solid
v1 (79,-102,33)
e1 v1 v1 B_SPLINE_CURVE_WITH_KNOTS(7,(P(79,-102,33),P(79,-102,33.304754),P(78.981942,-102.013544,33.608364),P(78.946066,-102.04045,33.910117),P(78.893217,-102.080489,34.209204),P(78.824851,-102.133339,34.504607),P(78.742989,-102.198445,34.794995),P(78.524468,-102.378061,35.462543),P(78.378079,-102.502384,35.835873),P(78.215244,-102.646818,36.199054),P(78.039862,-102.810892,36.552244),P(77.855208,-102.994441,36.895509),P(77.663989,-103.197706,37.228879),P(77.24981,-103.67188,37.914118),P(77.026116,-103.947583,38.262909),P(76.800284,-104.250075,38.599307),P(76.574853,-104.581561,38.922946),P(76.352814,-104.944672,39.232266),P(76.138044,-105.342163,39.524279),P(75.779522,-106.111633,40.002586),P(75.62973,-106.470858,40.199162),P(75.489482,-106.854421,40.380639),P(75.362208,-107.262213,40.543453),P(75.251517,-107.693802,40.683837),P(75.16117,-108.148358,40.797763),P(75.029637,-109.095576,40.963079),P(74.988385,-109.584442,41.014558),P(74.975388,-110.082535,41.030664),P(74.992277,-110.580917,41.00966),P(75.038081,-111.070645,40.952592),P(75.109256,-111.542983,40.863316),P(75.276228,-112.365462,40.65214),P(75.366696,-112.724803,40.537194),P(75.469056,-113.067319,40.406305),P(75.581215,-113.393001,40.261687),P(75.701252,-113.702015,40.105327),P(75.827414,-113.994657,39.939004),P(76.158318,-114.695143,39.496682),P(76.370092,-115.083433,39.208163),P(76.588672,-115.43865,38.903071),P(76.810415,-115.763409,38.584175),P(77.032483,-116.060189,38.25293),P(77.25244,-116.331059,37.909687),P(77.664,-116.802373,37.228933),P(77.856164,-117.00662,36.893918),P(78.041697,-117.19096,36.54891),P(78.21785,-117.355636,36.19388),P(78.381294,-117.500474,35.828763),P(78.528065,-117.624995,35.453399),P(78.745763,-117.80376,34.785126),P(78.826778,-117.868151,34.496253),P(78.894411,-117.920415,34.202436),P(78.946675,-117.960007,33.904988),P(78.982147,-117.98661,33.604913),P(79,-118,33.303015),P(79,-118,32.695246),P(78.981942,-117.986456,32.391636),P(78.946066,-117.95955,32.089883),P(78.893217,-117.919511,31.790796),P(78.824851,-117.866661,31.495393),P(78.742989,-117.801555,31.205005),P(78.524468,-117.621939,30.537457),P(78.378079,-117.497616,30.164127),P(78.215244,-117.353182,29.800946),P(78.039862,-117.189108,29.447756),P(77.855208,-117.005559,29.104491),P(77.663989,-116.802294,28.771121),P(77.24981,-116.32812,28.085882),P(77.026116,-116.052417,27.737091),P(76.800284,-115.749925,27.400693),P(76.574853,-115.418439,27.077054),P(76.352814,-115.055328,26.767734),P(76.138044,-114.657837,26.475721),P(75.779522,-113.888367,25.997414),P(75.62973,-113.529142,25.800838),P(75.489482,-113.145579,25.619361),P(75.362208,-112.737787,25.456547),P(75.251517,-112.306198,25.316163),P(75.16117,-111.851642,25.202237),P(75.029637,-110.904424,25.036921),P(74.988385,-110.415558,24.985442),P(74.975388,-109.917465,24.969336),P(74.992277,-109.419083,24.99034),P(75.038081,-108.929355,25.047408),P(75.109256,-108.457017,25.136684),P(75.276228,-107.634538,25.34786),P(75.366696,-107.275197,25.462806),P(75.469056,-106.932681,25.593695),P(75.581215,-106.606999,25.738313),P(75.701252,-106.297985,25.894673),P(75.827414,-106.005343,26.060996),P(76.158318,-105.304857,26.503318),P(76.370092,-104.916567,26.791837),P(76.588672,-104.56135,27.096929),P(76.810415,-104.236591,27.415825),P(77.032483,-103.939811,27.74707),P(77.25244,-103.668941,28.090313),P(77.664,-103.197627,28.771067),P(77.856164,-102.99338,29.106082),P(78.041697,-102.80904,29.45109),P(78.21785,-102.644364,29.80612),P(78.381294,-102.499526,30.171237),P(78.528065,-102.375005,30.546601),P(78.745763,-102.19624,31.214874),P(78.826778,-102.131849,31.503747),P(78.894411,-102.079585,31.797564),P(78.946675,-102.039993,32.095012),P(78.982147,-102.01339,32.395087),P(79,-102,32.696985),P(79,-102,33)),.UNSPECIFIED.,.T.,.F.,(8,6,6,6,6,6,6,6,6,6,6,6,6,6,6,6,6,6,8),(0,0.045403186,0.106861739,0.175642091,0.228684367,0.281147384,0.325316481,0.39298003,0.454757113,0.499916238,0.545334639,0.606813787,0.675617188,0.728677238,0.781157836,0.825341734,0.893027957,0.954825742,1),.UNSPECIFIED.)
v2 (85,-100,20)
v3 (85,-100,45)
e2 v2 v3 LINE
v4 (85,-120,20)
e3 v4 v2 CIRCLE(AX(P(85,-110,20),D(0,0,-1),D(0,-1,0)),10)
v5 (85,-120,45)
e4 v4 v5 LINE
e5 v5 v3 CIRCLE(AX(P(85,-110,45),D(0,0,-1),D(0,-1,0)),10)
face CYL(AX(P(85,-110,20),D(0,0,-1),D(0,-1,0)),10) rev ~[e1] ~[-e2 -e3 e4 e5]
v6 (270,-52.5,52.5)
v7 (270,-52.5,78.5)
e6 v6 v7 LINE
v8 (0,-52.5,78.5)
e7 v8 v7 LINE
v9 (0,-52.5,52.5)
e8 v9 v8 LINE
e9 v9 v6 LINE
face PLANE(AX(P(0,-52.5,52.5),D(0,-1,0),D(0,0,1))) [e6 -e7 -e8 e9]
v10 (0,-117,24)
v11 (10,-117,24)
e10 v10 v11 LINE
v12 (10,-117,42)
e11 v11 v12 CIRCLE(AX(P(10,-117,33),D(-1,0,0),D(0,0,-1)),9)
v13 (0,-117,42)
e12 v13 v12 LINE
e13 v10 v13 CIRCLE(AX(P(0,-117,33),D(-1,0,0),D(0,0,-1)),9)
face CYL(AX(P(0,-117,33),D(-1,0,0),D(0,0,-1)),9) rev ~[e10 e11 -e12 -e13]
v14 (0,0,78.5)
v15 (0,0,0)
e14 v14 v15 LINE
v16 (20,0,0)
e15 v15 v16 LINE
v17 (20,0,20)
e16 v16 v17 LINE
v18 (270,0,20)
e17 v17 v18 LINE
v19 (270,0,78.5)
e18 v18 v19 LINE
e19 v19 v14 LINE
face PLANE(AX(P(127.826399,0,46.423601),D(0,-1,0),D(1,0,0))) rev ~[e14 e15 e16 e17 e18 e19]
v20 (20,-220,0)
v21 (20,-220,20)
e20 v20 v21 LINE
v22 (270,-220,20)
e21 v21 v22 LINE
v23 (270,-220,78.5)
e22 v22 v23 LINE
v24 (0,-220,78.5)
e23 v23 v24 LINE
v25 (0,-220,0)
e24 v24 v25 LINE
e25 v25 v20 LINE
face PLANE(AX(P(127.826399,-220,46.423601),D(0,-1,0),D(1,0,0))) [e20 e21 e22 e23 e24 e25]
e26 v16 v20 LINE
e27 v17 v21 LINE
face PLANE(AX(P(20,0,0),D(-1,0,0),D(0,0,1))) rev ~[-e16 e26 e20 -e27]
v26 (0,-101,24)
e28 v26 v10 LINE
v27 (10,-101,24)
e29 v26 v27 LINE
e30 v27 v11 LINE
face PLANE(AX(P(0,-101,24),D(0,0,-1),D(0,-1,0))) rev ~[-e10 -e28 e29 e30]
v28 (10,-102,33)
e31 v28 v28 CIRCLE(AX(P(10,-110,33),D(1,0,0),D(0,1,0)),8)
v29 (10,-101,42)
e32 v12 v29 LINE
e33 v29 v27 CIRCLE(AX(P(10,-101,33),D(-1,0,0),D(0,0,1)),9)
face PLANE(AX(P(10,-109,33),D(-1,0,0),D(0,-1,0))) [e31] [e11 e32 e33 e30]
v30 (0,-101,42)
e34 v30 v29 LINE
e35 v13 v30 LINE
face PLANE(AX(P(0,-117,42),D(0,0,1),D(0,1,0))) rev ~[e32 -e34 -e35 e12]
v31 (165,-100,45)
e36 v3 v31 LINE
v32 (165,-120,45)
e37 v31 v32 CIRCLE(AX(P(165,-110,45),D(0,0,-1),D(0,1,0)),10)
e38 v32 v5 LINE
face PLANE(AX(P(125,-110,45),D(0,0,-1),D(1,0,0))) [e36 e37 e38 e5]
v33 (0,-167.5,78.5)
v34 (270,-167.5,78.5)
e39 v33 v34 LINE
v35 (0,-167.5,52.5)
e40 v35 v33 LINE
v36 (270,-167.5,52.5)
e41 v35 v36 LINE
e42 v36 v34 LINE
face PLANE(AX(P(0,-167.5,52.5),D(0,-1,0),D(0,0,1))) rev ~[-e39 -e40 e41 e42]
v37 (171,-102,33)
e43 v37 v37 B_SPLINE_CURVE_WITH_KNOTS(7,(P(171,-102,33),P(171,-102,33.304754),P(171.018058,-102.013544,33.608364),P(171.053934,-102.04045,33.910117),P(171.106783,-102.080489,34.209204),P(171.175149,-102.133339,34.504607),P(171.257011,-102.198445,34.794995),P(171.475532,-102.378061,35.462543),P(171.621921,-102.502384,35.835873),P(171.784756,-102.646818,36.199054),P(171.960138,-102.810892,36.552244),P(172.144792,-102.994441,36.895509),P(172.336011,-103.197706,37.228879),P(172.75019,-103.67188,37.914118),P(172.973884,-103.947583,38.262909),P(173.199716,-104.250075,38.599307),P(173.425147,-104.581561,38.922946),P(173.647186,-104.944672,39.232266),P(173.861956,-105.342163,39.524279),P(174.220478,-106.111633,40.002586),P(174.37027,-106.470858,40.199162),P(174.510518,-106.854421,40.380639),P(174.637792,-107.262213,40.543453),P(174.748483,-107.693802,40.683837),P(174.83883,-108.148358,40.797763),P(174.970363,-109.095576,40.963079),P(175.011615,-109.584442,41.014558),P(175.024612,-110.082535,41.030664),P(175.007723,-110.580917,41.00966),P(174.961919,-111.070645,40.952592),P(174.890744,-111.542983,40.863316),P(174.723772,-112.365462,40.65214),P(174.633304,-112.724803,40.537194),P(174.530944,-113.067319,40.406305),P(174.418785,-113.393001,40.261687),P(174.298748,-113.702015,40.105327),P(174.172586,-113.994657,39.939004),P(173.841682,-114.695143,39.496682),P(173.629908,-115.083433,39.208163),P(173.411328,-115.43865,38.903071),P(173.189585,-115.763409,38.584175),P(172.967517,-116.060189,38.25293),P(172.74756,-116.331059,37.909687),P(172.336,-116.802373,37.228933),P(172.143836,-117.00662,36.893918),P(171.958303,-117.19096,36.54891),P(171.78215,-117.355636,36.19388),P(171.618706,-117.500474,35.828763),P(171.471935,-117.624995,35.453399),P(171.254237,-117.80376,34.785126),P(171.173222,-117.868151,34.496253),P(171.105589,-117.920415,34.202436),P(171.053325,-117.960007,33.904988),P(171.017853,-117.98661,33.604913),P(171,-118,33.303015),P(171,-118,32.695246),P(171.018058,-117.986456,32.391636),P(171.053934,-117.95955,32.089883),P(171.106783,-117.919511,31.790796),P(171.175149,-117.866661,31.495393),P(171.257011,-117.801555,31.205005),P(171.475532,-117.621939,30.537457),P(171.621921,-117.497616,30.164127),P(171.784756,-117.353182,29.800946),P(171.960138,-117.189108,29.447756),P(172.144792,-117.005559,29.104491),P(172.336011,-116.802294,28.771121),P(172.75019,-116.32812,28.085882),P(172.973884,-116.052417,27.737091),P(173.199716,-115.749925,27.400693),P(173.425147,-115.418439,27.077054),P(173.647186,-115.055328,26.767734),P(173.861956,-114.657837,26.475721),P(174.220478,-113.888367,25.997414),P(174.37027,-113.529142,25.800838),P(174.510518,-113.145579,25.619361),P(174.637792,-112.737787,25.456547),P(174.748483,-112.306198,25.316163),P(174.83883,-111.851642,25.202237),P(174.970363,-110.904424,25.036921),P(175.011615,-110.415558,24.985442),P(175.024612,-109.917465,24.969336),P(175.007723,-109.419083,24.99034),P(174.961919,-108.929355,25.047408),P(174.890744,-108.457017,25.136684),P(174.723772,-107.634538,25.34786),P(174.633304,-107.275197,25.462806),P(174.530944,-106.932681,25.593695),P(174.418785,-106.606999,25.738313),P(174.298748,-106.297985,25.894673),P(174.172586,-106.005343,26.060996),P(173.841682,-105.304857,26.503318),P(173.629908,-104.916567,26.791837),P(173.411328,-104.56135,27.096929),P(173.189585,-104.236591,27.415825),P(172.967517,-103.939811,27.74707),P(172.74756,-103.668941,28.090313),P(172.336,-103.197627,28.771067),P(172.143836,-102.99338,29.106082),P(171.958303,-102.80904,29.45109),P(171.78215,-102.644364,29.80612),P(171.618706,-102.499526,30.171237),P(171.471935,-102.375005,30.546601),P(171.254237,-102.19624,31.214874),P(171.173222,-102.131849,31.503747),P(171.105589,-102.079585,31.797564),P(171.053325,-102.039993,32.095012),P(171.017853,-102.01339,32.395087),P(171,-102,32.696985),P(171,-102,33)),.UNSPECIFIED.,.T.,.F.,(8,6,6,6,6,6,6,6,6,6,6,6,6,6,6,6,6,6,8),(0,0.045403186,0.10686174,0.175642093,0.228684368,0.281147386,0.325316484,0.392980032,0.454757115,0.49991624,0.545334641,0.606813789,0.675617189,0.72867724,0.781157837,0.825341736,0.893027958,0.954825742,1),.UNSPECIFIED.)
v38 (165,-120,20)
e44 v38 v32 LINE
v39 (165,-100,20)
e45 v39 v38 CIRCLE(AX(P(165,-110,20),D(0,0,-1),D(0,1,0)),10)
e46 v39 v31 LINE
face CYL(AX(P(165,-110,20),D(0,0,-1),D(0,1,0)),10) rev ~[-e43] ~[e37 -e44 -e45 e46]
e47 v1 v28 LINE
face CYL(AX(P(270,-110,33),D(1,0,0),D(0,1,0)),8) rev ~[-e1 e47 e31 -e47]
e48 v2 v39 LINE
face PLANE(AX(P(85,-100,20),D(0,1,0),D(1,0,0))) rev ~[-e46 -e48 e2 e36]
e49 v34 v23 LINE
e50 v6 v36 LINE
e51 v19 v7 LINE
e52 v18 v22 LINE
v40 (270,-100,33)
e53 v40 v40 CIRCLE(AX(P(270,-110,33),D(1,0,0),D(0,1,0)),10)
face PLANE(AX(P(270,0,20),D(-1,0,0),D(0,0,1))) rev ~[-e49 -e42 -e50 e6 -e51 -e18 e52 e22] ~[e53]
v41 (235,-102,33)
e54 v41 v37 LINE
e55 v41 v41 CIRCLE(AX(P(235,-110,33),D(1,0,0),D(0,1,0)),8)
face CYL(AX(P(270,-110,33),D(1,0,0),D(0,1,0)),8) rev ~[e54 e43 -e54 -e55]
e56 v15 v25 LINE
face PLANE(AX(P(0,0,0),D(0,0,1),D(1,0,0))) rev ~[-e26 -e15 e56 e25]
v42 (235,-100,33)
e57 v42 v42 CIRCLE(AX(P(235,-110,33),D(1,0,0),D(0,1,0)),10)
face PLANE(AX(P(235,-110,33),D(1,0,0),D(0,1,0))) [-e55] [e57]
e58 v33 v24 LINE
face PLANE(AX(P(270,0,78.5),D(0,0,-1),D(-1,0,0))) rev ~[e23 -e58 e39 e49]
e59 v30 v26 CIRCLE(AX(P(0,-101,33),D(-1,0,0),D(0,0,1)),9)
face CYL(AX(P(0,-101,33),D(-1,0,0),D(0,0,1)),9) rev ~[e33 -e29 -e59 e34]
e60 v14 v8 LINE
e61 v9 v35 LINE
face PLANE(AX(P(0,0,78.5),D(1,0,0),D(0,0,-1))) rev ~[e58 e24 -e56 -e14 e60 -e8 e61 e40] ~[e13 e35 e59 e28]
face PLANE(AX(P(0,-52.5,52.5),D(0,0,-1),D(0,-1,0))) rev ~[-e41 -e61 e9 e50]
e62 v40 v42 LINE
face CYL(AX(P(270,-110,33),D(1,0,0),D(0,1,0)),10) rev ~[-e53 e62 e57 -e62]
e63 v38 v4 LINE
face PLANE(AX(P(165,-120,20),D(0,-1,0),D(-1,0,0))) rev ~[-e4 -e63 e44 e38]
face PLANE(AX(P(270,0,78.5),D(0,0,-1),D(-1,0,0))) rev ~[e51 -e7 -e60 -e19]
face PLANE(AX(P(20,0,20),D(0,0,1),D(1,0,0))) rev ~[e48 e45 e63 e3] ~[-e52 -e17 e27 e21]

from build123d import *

# Parameters (mm, degrees)
F1_DEPTH  = 220
F2_R      = 8
F3_DEPTH  = 270.001
F2_R_2    = 10
F4_DEPTH  = 35
F6_DEPTH  = 25
F8_DEPTH  = 10
F9_W      = 115
F9_H      = 26
F10_DEPTH = 270.001


with BuildPart() as f1:
    # F0 (on Front) → F1 (new body)
    with BuildSketch(Plane.XZ):
        Polygon((0, 78.5), (0, 0), (20, 0), (20, 20), (270, 20), (270, 78.5), align=None)
    extrude(amount=F1_DEPTH)

    # F2 (on face) → F3 (cut, through all)
    with BuildSketch(Plane.YZ.offset(270)):
        with Locations((-110, 33)):
            Circle(F2_R)
    extrude(amount=-F3_DEPTH, mode=Mode.SUBTRACT)

    # F2 (on face) → F4 (cut)
    with BuildSketch(Plane.YZ.offset(270)):
        with Locations((-110, 33)):
            Circle(F2_R_2)
        with Locations((-110, 33)):
            Circle(F2_R, mode=Mode.SUBTRACT)
    extrude(amount=-F4_DEPTH, mode=Mode.SUBTRACT)

    # F5 (on face) → F6 (cut)
    with BuildSketch(Plane(origin=(0, 0, 20), x_dir=(1, 0, 0), z_dir=(0, 0, -1))):
        with BuildLine():
            Line((165, 120), (85, 120))
            ThreePointArc((85, 120), (75, 110), (85, 100))
            Line((85, 100), (165, 100))
            ThreePointArc((165, 100), (175, 110), (165, 120))
        make_face()
    extrude(amount=-F6_DEPTH, mode=Mode.SUBTRACT)

    # F7 (on face) → F8 (cut)
    with BuildSketch(Plane(origin=(0, 0, 0), x_dir=(0, -1, 0), z_dir=(-1, 0, 0))):
        with BuildLine():
            Line((117, 42), (101, 42))
            ThreePointArc((101, 42), (92, 33), (101, 24))
            Line((101, 24), (117, 24))
            ThreePointArc((117, 24), (126, 33), (117, 42))
        make_face()
    extrude(amount=-F8_DEPTH, mode=Mode.SUBTRACT)

    # F9 (on face) → F10 (cut, through all)
    with BuildSketch(Plane(origin=(0, 0, 0), x_dir=(0, -1, 0), z_dir=(-1, 0, 0))):
        with Locations((110, 65.5)):
            Rectangle(F9_W, F9_H)
    extrude(amount=-F10_DEPTH, mode=Mode.SUBTRACT)


solid = f1.part
